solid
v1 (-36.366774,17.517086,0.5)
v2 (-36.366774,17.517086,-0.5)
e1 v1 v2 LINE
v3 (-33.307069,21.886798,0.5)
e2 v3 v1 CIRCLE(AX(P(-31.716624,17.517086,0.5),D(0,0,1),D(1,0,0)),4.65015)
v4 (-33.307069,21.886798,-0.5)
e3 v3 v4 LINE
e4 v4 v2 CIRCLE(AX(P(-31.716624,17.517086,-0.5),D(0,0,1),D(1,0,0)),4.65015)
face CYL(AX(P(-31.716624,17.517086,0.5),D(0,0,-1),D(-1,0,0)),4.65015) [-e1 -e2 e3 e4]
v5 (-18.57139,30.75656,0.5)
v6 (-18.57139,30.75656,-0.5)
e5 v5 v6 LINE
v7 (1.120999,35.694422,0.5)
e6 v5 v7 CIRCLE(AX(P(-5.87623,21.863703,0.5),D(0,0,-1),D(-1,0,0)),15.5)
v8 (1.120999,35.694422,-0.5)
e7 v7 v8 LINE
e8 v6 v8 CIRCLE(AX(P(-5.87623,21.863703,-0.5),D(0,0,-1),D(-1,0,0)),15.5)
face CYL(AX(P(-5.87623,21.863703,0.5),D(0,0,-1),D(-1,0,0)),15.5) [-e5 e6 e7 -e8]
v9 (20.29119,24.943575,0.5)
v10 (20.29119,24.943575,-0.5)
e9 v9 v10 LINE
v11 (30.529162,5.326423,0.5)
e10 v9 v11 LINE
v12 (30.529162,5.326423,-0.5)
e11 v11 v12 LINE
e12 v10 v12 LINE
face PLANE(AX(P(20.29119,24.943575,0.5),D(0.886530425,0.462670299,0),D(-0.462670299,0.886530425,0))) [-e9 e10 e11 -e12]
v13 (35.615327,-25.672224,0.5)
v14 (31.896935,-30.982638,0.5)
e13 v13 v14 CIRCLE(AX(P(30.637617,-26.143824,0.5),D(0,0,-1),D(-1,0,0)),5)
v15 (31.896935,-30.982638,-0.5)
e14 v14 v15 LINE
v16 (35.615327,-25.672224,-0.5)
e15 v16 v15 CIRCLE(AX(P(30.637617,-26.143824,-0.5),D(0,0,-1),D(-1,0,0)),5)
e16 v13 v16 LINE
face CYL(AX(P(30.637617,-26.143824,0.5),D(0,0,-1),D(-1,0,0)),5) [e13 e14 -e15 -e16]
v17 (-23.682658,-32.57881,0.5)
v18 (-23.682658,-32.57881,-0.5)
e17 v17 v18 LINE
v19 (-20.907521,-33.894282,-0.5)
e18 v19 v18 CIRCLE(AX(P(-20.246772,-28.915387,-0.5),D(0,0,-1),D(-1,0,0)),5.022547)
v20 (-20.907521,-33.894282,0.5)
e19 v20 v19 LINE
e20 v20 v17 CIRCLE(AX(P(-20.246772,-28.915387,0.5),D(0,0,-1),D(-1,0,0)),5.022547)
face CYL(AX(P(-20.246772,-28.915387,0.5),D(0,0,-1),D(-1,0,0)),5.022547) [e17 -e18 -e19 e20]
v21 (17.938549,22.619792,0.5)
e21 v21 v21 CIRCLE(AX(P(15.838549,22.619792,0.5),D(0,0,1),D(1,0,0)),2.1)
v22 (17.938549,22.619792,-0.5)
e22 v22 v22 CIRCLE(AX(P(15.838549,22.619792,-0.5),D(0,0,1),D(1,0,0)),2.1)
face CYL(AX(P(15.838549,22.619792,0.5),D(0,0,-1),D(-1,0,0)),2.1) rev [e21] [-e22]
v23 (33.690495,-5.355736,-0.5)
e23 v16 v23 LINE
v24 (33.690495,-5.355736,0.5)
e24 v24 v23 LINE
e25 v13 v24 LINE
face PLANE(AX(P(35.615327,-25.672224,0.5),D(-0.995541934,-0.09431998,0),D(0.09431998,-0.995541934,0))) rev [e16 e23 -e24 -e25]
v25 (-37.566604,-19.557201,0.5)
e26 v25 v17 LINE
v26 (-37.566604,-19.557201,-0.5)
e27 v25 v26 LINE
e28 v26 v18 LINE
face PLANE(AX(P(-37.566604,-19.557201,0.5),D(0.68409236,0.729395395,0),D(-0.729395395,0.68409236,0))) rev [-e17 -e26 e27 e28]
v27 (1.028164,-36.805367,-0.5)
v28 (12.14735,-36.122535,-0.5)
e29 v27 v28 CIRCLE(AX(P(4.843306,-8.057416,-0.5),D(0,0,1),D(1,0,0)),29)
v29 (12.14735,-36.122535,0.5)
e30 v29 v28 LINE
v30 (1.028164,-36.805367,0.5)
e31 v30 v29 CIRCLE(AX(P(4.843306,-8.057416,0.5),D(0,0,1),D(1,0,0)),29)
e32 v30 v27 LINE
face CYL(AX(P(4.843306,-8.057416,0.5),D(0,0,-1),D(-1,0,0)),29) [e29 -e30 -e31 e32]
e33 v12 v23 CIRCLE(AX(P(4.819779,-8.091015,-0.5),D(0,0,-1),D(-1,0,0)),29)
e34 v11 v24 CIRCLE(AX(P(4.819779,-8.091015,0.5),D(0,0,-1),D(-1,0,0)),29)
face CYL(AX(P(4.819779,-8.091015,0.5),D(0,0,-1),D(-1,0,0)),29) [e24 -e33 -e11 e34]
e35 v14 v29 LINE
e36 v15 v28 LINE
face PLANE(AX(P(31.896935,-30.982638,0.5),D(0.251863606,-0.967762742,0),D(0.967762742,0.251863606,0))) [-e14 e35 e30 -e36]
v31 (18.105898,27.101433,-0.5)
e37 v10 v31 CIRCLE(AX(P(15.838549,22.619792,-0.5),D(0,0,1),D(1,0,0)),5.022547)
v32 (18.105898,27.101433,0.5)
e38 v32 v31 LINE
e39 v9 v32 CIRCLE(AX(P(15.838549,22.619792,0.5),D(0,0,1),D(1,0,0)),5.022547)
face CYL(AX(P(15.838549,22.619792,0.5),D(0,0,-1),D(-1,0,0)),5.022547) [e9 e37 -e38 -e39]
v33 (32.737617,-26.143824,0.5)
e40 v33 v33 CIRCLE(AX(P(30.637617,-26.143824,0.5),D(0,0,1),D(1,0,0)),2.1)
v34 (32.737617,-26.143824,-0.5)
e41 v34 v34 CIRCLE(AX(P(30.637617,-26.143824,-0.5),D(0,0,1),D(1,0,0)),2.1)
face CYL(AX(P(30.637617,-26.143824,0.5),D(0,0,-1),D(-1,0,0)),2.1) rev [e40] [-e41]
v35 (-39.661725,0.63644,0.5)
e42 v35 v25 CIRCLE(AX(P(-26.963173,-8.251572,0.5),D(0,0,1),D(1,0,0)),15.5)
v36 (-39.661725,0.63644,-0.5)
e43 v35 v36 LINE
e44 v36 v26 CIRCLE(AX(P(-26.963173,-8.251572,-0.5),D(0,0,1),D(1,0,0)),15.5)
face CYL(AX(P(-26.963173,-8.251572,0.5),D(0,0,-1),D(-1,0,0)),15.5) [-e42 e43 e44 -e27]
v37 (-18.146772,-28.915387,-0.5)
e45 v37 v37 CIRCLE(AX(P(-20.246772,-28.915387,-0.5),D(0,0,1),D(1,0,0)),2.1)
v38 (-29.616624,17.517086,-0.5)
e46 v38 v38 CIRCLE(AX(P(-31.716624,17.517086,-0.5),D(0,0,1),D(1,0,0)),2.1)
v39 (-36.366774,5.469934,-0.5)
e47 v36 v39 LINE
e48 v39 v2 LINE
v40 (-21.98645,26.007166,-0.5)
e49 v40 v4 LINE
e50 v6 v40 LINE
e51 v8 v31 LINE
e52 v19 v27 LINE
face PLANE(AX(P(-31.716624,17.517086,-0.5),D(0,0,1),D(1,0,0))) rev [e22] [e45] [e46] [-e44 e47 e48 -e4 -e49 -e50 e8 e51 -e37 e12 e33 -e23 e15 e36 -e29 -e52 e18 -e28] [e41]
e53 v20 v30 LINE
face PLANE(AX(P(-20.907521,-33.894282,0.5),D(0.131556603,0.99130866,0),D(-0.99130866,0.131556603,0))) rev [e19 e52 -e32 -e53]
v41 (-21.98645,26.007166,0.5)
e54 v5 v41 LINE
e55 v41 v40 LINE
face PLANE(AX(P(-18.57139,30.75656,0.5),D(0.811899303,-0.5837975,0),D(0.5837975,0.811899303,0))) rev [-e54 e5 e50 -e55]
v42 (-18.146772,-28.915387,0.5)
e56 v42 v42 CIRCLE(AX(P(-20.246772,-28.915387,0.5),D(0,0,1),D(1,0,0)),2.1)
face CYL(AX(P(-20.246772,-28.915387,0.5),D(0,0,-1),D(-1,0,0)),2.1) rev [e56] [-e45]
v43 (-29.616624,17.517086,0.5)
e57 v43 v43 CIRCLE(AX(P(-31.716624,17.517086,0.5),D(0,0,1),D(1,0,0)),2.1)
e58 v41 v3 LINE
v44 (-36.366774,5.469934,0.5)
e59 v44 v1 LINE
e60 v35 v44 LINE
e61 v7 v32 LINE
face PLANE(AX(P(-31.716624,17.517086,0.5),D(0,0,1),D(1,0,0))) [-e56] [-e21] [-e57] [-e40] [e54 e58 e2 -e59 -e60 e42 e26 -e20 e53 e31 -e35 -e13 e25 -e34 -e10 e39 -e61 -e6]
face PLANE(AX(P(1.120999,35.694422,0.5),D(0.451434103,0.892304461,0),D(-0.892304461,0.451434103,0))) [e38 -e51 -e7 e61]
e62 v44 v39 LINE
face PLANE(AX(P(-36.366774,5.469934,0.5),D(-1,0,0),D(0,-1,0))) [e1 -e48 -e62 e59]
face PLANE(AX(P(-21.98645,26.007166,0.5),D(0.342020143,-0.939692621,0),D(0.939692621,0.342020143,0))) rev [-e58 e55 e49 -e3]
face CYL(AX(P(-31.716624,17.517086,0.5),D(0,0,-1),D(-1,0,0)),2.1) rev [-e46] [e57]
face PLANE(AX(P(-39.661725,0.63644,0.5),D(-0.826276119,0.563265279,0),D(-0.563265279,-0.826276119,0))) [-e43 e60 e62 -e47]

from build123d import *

# Parameters (mm, degrees)
ESQUISSE1_R          = 2.1
BASE_EXTRUSION_DEPTH = 0.5


with BuildPart() as part:
    # Esquisse1 → Base-Extrusion (new, symmetric)
    with BuildSketch(Plane.XY):
        with BuildLine():
            Line((35.615327088, -25.672223926), (33.690495331, -5.355736059))
            ThreePointArc((33.690495331, -5.355736059), (32.627582421, 0.138570374), (30.529161577, 5.326423206))
            Line((30.529161577, 5.326423206), (20.291189648, 24.943575231))
            ThreePointArc((20.291189648, 24.943575231), (19.367522251, 26.19363098), (18.105897834, 27.101433088))
            Line((18.105897834, 27.101433088), (1.120998661, 35.694422442))
            ThreePointArc((1.120998661, 35.694422442), (-9.646140892, 36.898255889), (-18.57139047, 30.756559943))
            Line((-18.57139047, 30.756559943), (-21.986449586, 26.007166333))
            Line((-21.986449586, 26.007166333), (-33.307069298, 21.886797725))
            ThreePointArc((-33.307069298, 21.886797725), (-35.52580407, 20.184302655), (-36.366774139, 17.517086354))
            Line((-36.366774139, 17.517086354), (-36.366774139, 5.469934486))
            Line((-36.366774139, 5.469934486), (-39.661725259, 0.636440352))
            ThreePointArc((-39.661725259, 0.636440352), (-42.380416479, -9.851134542), (-37.566604459, -19.557200839))
            Line((-37.566604459, -19.557200839), (-23.682658123, -32.578809807))
            ThreePointArc((-23.682658123, -32.578809807), (-22.398102217, -33.453862354), (-20.907521199, -33.894281545))
            Line((-20.907521199, -33.894281545), (1.028164427, -36.805367071))
            ThreePointArc((1.028164427, -36.805367071), (6.620853648, -37.002887485), (12.147350486, -36.122535429))
            Line((12.147350486, -36.122535429), (31.896935448, -30.982637535))
            ThreePointArc((31.896935448, -30.982637535), (34.733377642, -29.011706008), (35.615327088, -25.672223926))
        make_face()
        with Locations((15.838548739, 22.619791811)):
            Circle(ESQUISSE1_R, mode=Mode.SUBTRACT)
        with Locations((-31.716624427, 17.517086354)):
            Circle(ESQUISSE1_R, mode=Mode.SUBTRACT)
        with Locations((-20.246771948, -28.915387001)):
            Circle(ESQUISSE1_R, mode=Mode.SUBTRACT)
        with Locations((30.63761742, -26.143823826)):
            Circle(ESQUISSE1_R, mode=Mode.SUBTRACT)
    extrude(amount=BASE_EXTRUSION_DEPTH, both=True)


solid = part.part
